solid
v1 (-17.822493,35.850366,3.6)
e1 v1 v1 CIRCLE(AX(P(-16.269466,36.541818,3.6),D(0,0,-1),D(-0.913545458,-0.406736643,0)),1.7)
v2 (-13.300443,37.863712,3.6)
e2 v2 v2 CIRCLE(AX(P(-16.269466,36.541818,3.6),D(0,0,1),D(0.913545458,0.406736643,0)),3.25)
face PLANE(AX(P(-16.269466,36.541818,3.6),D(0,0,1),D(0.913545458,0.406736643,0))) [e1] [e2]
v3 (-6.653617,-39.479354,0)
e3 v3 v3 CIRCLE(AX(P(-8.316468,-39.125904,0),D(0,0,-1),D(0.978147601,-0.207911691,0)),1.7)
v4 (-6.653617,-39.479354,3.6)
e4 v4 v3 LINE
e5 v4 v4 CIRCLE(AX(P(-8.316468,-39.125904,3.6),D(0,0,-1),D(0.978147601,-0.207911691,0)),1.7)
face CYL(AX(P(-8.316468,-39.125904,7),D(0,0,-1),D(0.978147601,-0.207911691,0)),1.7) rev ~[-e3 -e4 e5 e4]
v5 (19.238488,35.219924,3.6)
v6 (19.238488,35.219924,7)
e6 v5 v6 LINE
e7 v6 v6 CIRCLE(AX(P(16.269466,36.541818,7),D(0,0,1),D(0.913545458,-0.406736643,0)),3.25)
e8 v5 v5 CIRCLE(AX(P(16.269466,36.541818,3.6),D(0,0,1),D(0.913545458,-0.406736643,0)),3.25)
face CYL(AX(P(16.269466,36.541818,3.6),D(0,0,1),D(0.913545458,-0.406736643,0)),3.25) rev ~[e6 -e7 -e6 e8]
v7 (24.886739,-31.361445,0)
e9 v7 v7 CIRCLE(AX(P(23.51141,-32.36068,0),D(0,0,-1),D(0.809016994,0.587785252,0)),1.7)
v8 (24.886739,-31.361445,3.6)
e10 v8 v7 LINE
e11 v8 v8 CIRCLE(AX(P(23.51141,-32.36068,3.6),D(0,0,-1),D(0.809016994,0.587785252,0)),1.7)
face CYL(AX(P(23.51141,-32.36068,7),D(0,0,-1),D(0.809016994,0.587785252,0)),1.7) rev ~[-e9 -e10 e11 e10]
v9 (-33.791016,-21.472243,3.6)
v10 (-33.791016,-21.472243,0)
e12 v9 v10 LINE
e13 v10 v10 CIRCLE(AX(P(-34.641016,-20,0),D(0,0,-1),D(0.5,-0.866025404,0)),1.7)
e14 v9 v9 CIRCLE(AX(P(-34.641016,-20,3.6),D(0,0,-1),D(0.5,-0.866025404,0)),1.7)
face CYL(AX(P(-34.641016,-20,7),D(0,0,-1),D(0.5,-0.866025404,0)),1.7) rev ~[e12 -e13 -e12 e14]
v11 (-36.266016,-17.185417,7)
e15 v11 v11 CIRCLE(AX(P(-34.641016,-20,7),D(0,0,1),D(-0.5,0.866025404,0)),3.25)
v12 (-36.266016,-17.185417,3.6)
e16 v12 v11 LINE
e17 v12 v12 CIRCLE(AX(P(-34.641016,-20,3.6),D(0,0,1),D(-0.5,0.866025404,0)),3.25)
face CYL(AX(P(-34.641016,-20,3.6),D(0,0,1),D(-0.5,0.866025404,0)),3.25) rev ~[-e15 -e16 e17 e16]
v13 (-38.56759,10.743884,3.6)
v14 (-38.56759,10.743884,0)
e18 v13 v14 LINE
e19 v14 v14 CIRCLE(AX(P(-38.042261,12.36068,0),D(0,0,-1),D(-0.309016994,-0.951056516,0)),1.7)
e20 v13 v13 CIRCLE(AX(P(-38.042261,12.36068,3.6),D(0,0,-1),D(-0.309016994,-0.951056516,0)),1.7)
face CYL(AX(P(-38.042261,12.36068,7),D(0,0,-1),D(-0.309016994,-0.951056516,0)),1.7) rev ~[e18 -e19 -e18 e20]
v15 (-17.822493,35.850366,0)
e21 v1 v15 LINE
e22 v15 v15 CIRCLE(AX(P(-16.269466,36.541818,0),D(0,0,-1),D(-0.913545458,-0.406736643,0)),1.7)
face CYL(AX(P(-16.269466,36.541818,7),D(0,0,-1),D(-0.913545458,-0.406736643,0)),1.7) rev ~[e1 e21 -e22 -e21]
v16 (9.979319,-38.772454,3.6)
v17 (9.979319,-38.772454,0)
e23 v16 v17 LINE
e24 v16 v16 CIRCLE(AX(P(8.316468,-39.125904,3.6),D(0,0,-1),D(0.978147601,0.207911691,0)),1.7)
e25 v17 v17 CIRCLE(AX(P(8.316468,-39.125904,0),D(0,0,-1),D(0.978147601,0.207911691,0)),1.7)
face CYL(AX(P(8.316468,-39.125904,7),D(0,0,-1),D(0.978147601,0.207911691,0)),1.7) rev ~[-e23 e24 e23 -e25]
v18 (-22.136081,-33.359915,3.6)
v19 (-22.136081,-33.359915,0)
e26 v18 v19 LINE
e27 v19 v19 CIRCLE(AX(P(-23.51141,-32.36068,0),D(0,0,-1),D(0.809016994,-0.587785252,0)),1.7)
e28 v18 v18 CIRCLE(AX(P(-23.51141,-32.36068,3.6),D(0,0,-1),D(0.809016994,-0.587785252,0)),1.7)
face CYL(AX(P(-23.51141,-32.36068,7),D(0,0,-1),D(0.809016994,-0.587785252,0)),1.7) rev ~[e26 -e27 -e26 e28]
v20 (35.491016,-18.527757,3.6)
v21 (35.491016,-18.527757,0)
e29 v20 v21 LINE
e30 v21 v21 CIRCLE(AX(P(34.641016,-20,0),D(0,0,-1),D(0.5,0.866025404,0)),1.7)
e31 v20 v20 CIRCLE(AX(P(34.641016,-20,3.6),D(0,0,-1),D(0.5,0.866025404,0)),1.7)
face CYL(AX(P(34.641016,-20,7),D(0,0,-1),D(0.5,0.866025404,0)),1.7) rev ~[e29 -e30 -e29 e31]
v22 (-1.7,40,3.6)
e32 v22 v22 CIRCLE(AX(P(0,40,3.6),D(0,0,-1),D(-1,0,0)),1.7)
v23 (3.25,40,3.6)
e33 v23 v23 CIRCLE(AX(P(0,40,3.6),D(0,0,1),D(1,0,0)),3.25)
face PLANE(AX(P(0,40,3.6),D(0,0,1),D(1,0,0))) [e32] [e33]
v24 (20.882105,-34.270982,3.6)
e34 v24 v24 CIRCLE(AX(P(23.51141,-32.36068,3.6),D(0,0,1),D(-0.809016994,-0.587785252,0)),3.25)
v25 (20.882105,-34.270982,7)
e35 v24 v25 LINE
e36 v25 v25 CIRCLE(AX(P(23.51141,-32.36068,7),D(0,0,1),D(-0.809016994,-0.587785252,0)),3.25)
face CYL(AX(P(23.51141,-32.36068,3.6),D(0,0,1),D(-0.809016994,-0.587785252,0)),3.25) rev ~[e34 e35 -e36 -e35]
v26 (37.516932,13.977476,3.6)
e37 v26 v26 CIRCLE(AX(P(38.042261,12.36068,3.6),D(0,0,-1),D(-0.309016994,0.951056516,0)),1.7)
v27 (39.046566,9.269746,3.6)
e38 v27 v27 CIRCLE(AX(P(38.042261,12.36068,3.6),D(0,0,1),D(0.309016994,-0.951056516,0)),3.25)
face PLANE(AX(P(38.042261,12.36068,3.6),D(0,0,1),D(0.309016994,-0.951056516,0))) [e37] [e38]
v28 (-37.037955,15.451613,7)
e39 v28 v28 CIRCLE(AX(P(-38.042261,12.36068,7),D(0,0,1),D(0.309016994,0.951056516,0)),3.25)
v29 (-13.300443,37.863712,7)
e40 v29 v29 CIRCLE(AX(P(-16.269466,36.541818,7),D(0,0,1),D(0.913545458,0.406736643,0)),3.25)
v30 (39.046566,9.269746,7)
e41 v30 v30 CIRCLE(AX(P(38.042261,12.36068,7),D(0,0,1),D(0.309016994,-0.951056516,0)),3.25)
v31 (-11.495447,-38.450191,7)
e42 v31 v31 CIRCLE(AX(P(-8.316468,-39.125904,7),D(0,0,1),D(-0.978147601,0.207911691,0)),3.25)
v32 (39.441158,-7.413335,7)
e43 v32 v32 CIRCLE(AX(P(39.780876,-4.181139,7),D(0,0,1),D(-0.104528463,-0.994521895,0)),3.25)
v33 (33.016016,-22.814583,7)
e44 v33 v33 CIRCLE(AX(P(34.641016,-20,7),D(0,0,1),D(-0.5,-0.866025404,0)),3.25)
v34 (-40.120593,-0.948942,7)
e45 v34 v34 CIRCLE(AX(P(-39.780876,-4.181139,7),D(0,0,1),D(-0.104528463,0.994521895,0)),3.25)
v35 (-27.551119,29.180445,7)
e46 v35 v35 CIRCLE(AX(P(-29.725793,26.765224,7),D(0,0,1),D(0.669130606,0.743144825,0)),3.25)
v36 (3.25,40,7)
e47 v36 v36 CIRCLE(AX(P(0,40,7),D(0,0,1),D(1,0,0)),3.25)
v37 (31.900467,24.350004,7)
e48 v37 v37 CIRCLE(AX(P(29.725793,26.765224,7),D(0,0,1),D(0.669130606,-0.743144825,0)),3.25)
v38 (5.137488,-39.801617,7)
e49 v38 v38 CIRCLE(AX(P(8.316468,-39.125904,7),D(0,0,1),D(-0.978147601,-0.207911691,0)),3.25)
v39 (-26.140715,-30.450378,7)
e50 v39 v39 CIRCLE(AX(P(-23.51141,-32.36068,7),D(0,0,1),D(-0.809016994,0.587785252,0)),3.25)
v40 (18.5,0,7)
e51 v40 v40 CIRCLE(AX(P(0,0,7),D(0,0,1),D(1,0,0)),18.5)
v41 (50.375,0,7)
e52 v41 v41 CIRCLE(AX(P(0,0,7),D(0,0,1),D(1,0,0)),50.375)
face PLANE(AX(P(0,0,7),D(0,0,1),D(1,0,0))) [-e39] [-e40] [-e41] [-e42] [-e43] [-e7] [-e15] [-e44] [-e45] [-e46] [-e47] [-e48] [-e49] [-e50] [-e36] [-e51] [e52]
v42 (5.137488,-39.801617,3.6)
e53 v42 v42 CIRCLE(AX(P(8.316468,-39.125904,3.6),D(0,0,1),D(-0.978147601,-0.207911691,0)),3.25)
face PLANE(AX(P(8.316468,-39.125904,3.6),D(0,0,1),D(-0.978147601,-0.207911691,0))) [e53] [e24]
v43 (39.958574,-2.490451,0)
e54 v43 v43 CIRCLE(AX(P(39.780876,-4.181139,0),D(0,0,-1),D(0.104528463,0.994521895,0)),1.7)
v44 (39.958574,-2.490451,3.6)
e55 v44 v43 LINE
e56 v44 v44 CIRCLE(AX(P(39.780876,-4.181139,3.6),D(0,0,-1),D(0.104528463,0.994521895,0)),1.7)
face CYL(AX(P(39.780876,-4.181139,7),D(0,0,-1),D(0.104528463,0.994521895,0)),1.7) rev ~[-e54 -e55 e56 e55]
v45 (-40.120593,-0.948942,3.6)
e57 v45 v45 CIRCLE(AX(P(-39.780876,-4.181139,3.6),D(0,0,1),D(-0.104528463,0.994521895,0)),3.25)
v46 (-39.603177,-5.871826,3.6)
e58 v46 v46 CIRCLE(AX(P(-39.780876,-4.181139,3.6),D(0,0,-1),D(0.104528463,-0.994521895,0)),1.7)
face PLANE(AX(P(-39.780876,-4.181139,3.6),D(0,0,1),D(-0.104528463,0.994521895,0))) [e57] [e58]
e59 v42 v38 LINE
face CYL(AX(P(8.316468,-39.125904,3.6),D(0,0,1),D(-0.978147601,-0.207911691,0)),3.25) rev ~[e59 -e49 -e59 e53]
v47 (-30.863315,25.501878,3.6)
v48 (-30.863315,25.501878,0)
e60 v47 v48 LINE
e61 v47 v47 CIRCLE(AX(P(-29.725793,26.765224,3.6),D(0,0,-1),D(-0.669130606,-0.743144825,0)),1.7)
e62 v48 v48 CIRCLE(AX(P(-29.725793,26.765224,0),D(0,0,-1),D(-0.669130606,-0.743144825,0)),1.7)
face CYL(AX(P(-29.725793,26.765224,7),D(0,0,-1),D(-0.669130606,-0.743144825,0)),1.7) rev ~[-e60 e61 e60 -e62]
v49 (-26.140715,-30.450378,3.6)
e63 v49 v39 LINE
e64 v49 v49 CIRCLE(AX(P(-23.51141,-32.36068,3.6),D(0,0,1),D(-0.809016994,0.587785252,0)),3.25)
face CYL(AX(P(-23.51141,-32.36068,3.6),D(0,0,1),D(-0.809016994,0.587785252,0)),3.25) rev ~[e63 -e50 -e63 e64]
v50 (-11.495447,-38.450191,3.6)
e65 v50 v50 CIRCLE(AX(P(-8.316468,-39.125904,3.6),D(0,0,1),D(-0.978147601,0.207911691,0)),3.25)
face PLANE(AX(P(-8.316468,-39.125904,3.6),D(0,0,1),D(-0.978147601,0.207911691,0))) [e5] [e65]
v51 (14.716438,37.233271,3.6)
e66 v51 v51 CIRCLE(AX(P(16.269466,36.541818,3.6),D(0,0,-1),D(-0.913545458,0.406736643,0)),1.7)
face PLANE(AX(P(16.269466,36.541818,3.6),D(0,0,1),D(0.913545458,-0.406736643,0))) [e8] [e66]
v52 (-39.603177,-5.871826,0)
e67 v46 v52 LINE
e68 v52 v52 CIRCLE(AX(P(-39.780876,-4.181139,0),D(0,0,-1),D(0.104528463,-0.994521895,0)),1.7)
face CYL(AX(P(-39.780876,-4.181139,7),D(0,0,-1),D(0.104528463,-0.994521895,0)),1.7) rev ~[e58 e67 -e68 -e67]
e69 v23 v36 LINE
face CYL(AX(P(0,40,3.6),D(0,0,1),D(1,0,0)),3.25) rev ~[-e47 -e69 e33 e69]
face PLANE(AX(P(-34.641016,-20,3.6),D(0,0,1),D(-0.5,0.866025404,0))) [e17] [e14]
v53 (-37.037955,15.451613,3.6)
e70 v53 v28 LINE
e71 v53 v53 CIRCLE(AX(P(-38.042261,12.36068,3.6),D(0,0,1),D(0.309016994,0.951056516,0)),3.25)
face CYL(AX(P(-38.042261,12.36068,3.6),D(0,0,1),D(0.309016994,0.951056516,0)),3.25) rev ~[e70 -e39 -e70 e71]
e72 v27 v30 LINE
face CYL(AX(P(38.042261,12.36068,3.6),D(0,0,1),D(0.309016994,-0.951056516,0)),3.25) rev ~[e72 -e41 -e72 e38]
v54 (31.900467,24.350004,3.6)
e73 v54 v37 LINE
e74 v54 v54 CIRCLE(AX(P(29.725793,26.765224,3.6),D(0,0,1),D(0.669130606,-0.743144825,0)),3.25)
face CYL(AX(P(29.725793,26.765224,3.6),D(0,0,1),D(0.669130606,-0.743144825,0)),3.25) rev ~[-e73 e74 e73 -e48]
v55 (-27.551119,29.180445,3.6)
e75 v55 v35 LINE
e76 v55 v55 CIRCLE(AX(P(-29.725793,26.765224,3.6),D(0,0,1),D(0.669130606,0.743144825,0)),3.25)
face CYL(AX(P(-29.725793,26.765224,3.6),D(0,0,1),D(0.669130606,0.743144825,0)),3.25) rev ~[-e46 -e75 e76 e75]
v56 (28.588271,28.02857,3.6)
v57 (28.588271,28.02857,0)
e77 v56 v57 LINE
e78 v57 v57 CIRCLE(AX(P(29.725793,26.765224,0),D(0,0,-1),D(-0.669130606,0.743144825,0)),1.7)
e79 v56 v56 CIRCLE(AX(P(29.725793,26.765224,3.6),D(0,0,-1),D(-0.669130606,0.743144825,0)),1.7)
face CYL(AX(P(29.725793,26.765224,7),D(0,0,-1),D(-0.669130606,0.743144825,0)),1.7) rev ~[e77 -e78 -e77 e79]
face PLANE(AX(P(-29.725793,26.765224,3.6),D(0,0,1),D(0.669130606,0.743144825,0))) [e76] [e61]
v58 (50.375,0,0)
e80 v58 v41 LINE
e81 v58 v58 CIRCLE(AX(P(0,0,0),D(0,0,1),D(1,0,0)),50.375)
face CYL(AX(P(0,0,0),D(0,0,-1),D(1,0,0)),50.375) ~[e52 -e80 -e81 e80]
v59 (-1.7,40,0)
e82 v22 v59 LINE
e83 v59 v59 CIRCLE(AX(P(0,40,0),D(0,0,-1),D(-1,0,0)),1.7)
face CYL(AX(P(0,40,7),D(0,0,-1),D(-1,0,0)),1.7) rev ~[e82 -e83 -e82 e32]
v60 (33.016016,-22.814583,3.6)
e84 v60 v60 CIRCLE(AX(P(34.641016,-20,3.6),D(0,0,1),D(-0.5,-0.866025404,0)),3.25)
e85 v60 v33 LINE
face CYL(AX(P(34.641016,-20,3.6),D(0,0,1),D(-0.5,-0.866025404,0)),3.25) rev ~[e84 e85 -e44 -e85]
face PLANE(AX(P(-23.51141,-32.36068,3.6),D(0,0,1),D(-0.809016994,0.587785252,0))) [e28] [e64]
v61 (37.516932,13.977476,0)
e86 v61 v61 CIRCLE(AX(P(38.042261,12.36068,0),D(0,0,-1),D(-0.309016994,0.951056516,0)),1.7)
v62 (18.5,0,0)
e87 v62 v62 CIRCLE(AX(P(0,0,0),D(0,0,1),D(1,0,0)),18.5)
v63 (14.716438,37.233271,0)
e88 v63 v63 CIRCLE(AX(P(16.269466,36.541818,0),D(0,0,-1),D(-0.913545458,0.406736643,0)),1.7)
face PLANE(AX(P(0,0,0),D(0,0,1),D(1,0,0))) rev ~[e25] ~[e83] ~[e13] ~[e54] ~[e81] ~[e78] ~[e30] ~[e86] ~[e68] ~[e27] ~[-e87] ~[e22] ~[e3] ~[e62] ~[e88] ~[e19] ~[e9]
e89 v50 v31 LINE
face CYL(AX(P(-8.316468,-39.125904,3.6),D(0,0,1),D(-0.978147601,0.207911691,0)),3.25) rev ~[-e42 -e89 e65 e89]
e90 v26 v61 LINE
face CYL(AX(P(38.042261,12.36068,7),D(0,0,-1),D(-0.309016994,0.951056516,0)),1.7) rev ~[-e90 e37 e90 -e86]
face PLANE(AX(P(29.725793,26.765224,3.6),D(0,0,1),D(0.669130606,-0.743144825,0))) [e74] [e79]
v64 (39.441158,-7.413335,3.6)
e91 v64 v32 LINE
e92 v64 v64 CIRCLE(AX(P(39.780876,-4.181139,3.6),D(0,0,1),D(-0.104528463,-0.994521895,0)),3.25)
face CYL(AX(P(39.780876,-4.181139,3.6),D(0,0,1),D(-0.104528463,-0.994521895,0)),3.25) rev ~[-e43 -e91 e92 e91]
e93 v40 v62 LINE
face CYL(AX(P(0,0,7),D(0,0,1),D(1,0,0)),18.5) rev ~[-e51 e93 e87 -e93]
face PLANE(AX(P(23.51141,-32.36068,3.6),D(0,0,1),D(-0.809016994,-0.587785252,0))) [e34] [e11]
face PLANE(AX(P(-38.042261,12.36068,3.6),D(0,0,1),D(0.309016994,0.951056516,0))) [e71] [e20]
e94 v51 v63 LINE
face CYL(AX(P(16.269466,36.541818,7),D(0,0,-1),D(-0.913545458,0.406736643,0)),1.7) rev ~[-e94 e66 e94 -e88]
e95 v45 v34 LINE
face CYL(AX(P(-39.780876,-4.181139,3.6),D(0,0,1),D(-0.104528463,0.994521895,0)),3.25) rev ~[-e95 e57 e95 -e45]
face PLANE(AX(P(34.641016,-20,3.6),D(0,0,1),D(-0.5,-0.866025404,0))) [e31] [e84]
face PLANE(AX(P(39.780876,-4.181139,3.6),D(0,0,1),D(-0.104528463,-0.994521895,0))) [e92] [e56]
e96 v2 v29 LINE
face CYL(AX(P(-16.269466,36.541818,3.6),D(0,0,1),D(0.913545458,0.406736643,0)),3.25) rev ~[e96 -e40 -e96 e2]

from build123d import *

# Parameters (mm, degrees)
SKETCH1_R                                           = 50.375
BOSS_EXTRUDE1_DEPTH                                 = 7
SKETCH3_R                                           = 18.5
CUT_EXTRUDE2_DEPTH                                  = 72.584085173
CBORE_FOR_M3_HEX_SOCKET_HEAD_CAP_SCREW1_D           = 3.4
CBORE_FOR_M3_HEX_SOCKET_HEAD_CAP_SCREW1_CBORE_D     = 6.5
CBORE_FOR_M3_HEX_SOCKET_HEAD_CAP_SCREW1_CBORE_DEPTH = 3.4
CIRPATTERN1_COUNT                                   = 15


with BuildPart() as part:
    # Sketch1 → Boss-Extrude1 (new body)
    with BuildSketch(Plane.XY):
        Circle(SKETCH1_R)
    extrude(amount=BOSS_EXTRUDE1_DEPTH)

    # Sketch3 → Cut-Extrude2 (cut, through all)
    with BuildSketch(Plane.XY.offset(7)):
        Circle(SKETCH3_R)
    extrude(amount=-CUT_EXTRUDE2_DEPTH, mode=Mode.SUBTRACT)

    # CBORE for M3 Hex Socket Head Cap Screw1 (through all)
    with Locations(Plane.XY.offset(7)):
        with Locations((0, 40)):
            cbore_for_m3_hex_socket_head_cap_screw1 = CounterBoreHole(CBORE_FOR_M3_HEX_SOCKET_HEAD_CAP_SCREW1_D / 2, CBORE_FOR_M3_HEX_SOCKET_HEAD_CAP_SCREW1_CBORE_D / 2, CBORE_FOR_M3_HEX_SOCKET_HEAD_CAP_SCREW1_CBORE_DEPTH)

    # CirPattern1: CBORE for M3 Hex Socket Head Cap Screw1 ×15 about axis
    cirpattern1_axis = Axis((0, 0, 0), (0, 0, 1))
    for i in range(1, CIRPATTERN1_COUNT):
        add(cbore_for_m3_hex_socket_head_cap_screw1.rotate(cirpattern1_axis, i * 360 / CIRPATTERN1_COUNT), mode=Mode.SUBTRACT)


solid = part.part
